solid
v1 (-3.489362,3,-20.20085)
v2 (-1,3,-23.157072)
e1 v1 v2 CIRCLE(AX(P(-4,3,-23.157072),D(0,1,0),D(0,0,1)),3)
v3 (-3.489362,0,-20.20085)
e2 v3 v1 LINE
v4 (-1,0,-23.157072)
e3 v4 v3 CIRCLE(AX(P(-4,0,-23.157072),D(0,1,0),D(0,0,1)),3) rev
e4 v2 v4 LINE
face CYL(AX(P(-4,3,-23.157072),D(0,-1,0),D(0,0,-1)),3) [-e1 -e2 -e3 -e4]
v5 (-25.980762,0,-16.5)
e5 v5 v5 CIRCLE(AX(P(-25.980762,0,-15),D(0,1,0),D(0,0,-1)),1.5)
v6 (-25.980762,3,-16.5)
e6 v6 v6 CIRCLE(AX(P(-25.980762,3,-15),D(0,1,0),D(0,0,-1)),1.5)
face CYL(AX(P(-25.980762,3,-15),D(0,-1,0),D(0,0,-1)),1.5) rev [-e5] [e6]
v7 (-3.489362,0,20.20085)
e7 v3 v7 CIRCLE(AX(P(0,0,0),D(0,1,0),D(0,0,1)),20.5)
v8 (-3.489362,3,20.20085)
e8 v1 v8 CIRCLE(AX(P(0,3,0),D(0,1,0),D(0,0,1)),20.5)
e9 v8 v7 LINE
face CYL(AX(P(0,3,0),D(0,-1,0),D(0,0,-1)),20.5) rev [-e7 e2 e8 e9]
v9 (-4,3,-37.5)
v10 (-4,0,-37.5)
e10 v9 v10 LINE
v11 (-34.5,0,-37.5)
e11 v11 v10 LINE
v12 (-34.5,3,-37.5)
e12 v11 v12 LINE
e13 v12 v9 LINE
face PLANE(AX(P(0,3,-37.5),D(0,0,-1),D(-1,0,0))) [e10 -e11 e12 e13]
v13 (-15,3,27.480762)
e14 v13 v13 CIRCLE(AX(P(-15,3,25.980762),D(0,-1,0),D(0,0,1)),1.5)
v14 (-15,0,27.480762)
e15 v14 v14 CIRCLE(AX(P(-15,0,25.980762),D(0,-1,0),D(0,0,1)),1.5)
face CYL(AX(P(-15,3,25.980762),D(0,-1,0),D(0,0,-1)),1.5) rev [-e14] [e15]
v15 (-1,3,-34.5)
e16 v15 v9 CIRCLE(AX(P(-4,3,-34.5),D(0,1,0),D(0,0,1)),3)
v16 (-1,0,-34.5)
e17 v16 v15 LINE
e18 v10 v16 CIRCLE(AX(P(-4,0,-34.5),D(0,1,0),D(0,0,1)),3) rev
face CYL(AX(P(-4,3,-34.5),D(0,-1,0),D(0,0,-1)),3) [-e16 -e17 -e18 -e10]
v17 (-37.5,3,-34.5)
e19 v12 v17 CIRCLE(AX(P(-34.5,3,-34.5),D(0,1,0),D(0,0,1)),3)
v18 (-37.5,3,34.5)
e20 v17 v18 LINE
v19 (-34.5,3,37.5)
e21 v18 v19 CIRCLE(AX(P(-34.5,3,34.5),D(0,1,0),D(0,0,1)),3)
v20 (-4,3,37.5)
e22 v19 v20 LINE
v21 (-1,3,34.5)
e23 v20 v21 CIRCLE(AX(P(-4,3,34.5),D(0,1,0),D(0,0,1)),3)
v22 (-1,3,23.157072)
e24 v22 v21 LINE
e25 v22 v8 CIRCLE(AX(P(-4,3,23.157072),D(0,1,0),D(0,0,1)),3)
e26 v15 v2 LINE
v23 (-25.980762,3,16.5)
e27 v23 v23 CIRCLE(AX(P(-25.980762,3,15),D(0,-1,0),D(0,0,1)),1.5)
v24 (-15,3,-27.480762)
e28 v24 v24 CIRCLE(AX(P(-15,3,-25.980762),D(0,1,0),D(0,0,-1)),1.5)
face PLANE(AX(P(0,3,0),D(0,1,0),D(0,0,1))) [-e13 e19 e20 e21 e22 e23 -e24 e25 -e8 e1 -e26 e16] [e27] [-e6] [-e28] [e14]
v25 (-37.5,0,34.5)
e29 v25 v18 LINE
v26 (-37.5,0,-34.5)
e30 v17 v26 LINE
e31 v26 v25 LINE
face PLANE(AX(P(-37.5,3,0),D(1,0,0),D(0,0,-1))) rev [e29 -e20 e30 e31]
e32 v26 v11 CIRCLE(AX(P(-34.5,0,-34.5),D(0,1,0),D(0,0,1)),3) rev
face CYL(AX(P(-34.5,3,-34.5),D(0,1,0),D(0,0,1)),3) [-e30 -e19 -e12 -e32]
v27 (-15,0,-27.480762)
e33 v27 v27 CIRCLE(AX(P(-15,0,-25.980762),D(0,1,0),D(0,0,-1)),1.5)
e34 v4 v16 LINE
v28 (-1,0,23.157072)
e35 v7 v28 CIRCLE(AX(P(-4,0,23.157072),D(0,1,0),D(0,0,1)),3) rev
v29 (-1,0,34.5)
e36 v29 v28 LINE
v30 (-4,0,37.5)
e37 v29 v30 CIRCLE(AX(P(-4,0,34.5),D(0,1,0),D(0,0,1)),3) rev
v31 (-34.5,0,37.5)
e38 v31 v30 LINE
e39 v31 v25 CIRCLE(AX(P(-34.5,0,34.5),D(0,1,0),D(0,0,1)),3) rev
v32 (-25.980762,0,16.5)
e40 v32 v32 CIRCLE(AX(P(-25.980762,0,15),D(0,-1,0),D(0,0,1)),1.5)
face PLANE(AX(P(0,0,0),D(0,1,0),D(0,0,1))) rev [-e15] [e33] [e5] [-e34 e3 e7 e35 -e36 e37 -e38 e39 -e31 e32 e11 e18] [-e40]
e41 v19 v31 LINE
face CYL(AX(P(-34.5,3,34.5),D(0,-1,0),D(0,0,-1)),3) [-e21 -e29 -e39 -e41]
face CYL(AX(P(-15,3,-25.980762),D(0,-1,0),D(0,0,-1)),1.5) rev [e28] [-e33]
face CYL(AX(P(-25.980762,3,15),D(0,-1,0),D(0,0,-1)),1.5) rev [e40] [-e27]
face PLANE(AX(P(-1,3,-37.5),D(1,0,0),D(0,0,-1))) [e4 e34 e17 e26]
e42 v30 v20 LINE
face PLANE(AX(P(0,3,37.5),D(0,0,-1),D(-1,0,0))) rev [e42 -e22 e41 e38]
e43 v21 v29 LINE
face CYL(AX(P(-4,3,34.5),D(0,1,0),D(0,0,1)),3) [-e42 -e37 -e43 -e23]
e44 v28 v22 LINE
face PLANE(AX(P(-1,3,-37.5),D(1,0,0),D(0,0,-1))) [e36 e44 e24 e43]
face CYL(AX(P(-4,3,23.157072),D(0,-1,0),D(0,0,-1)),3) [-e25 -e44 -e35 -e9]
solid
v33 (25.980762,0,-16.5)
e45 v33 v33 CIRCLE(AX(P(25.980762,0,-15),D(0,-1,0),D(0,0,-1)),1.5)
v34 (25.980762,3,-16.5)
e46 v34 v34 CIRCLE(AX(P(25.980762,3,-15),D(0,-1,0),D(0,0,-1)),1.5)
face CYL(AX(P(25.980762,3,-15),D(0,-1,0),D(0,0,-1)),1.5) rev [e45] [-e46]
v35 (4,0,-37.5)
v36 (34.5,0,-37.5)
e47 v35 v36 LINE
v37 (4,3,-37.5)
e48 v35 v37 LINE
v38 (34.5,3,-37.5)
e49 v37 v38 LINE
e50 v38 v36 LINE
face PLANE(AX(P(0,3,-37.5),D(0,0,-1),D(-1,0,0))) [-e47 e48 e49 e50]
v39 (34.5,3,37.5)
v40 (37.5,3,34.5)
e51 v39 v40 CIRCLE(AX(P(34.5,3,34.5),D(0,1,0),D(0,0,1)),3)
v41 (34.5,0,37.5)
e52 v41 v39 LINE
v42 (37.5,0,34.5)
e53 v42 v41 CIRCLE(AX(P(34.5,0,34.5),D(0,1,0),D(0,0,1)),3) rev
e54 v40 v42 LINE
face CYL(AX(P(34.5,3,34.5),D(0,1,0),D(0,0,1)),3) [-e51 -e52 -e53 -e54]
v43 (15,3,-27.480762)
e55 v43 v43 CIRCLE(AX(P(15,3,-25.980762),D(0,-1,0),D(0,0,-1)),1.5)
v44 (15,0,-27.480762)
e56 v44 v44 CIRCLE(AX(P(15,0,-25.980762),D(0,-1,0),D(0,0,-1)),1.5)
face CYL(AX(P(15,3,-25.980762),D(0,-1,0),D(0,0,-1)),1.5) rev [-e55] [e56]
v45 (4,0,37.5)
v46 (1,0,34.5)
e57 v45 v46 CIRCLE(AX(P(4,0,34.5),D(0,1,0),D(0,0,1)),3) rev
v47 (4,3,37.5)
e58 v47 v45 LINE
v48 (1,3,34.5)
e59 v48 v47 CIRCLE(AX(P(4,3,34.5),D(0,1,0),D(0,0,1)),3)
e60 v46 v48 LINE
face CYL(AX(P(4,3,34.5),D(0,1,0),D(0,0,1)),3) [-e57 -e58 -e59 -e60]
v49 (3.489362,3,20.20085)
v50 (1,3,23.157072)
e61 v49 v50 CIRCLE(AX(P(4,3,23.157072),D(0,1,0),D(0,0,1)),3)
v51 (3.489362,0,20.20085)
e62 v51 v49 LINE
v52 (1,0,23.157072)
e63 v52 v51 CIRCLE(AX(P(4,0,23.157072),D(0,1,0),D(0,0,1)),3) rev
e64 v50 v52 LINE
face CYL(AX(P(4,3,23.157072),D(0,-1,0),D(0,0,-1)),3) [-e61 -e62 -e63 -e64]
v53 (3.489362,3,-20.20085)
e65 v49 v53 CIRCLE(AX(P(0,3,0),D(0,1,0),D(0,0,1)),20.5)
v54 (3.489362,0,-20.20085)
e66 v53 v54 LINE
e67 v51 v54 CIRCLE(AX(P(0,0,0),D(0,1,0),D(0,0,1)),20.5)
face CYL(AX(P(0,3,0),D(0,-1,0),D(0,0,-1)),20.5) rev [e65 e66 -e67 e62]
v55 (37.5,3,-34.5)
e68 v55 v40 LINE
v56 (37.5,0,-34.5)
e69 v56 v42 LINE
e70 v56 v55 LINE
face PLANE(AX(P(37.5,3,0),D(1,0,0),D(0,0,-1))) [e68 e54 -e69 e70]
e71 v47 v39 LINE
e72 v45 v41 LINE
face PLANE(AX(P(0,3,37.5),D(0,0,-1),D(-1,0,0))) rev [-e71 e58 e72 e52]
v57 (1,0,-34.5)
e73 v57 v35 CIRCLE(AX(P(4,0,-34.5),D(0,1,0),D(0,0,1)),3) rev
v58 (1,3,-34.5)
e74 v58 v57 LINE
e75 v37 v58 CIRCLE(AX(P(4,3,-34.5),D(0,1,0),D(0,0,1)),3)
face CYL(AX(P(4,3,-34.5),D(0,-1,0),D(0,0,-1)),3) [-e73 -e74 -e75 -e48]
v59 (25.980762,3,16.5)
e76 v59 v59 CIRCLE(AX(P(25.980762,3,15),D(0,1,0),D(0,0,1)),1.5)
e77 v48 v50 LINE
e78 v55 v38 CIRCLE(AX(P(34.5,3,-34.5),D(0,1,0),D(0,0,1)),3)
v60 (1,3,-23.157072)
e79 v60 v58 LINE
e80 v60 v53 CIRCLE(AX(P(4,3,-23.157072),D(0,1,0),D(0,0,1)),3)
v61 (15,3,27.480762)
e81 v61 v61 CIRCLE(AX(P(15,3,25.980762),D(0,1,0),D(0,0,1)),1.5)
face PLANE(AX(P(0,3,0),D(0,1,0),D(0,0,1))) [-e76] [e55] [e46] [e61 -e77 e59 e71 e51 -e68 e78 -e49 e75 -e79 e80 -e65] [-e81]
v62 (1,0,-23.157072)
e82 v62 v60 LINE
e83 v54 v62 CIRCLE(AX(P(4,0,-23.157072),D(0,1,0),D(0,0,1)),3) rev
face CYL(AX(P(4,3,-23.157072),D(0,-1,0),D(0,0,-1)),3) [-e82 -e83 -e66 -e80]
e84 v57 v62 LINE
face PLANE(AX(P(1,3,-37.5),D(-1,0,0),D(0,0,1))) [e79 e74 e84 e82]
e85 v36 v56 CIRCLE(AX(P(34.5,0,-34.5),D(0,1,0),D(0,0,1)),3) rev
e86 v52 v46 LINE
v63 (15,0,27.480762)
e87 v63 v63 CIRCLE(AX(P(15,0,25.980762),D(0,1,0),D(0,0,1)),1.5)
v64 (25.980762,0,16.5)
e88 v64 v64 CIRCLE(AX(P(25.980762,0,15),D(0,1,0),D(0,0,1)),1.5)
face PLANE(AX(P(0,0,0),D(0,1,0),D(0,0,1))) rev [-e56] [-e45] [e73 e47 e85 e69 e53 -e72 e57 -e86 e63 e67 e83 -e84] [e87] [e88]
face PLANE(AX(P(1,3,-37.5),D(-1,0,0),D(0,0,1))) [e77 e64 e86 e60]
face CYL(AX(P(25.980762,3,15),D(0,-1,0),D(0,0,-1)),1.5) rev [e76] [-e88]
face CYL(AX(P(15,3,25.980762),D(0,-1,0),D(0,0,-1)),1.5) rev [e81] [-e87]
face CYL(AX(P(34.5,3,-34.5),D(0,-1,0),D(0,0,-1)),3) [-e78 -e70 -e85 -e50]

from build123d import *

# Parameters (mm, degrees)
SKETCH2_R            = 20.5
BOSS_EXTRUDE1_DEPTH  = 3
HALFSPLIT_DEPTH      = 54.117793629
HALFSPLIT_DEPTH_BACK = 54.117793629
SKETCH3_W            = 2
SKETCH3_H            = 75
SKETCH4_R            = 1.5
HOLES_DEPTH          = 54.117793629
FILLET1_R            = 3
FILLET2_R            = 3


with BuildPart() as part:
    # Sketch2 → Boss-Extrude1 (new body)
    with BuildSketch(Plane(origin=(0, 0, 0), x_dir=(1, 0, 0), z_dir=(0, 1, 0))):
        Polygon((-37.5, -37.5), (0, -37.5), (37.5, -37.5), (37.5, 37.5), (-37.5, 37.5), align=None)
        Circle(SKETCH2_R, mode=Mode.SUBTRACT)
    extrude(amount=BOSS_EXTRUDE1_DEPTH)

    # Sketch3 → HalfSplit (cut, two sides: drawn at the far end of the back side and taken through both)
    with BuildSketch(Plane(origin=(0, 0, 0), x_dir=(1, 0, 0), z_dir=(0, 1, 0)).offset(-HALFSPLIT_DEPTH_BACK)):
        Rectangle(SKETCH3_W, SKETCH3_H)
    extrude(amount=HALFSPLIT_DEPTH + HALFSPLIT_DEPTH_BACK, mode=Mode.SUBTRACT)


with BuildPart() as halfsplit_piece_1:
    # of the separate pieces the step leaves, piece 1, a body of its own (halfsplit_pieces)
    add(part.part.solids().sort_by_distance((-37.5, 0, 37.5))[0])

    # Fillet2
    fillet2_edges = [halfsplit_piece_1.edges().sort_by_distance(p)[0] for p in [
        (-37.5, 1.5, 37.5),
        (-37.5, 1.5, -37.5),
        (-1, 1.5, -20.475595229),
        (-1, 1.5, 20.475595229),
        (-1, 1.5, 37.5),
        (-1, 1.5, -37.5),
    ]]
    fillet(fillet2_edges, radius=FILLET2_R)


with BuildPart() as halfsplit_piece_2:
    # of the separate pieces the step leaves, piece 2, a body of its own (halfsplit_pieces)
    add(part.part.solids().sort_by_distance((1, 0, 37.5))[0])

    # Sketch4 → Holes (cut, through all)
    with BuildSketch(Plane(origin=(0, 0, 0), x_dir=(1, 0, 0), z_dir=(0, 1, 0))):
        with Locations((25.980762114, -15)):
            Circle(SKETCH4_R)
        with Locations((25.980762114, 15)):
            Circle(SKETCH4_R)
        with Locations((15, -25.980762114)):
            Circle(SKETCH4_R)
        with Locations((15, 25.980762114)):
            Circle(SKETCH4_R)
    holes = extrude(amount=HOLES_DEPTH, mode=Mode.SUBTRACT)

    # Fillet1
    fillet1_edges = [halfsplit_piece_2.edges().sort_by_distance(p)[0] for p in [
        (37.5, 1.5, 37.5),
        (1, 1.5, 37.5),
        (1, 1.5, 20.475595229),
        (1, 1.5, -20.475595229),
        (1, 1.5, -37.5),
        (37.5, 1.5, -37.5),
    ]]
    fillet(fillet1_edges, radius=FILLET1_R)


with BuildPart() as halfsplit_piece_1_1:
    add(halfsplit_piece_1.part)

    # Mirror-Holes: Holes across plane
    add(holes.mirror(Plane(origin=(0, 0, 0), x_dir=(0, 0, 1), z_dir=(1, 0, 0))), mode=Mode.SUBTRACT)


solid = Compound([halfsplit_piece_2.part, halfsplit_piece_1_1.part])
